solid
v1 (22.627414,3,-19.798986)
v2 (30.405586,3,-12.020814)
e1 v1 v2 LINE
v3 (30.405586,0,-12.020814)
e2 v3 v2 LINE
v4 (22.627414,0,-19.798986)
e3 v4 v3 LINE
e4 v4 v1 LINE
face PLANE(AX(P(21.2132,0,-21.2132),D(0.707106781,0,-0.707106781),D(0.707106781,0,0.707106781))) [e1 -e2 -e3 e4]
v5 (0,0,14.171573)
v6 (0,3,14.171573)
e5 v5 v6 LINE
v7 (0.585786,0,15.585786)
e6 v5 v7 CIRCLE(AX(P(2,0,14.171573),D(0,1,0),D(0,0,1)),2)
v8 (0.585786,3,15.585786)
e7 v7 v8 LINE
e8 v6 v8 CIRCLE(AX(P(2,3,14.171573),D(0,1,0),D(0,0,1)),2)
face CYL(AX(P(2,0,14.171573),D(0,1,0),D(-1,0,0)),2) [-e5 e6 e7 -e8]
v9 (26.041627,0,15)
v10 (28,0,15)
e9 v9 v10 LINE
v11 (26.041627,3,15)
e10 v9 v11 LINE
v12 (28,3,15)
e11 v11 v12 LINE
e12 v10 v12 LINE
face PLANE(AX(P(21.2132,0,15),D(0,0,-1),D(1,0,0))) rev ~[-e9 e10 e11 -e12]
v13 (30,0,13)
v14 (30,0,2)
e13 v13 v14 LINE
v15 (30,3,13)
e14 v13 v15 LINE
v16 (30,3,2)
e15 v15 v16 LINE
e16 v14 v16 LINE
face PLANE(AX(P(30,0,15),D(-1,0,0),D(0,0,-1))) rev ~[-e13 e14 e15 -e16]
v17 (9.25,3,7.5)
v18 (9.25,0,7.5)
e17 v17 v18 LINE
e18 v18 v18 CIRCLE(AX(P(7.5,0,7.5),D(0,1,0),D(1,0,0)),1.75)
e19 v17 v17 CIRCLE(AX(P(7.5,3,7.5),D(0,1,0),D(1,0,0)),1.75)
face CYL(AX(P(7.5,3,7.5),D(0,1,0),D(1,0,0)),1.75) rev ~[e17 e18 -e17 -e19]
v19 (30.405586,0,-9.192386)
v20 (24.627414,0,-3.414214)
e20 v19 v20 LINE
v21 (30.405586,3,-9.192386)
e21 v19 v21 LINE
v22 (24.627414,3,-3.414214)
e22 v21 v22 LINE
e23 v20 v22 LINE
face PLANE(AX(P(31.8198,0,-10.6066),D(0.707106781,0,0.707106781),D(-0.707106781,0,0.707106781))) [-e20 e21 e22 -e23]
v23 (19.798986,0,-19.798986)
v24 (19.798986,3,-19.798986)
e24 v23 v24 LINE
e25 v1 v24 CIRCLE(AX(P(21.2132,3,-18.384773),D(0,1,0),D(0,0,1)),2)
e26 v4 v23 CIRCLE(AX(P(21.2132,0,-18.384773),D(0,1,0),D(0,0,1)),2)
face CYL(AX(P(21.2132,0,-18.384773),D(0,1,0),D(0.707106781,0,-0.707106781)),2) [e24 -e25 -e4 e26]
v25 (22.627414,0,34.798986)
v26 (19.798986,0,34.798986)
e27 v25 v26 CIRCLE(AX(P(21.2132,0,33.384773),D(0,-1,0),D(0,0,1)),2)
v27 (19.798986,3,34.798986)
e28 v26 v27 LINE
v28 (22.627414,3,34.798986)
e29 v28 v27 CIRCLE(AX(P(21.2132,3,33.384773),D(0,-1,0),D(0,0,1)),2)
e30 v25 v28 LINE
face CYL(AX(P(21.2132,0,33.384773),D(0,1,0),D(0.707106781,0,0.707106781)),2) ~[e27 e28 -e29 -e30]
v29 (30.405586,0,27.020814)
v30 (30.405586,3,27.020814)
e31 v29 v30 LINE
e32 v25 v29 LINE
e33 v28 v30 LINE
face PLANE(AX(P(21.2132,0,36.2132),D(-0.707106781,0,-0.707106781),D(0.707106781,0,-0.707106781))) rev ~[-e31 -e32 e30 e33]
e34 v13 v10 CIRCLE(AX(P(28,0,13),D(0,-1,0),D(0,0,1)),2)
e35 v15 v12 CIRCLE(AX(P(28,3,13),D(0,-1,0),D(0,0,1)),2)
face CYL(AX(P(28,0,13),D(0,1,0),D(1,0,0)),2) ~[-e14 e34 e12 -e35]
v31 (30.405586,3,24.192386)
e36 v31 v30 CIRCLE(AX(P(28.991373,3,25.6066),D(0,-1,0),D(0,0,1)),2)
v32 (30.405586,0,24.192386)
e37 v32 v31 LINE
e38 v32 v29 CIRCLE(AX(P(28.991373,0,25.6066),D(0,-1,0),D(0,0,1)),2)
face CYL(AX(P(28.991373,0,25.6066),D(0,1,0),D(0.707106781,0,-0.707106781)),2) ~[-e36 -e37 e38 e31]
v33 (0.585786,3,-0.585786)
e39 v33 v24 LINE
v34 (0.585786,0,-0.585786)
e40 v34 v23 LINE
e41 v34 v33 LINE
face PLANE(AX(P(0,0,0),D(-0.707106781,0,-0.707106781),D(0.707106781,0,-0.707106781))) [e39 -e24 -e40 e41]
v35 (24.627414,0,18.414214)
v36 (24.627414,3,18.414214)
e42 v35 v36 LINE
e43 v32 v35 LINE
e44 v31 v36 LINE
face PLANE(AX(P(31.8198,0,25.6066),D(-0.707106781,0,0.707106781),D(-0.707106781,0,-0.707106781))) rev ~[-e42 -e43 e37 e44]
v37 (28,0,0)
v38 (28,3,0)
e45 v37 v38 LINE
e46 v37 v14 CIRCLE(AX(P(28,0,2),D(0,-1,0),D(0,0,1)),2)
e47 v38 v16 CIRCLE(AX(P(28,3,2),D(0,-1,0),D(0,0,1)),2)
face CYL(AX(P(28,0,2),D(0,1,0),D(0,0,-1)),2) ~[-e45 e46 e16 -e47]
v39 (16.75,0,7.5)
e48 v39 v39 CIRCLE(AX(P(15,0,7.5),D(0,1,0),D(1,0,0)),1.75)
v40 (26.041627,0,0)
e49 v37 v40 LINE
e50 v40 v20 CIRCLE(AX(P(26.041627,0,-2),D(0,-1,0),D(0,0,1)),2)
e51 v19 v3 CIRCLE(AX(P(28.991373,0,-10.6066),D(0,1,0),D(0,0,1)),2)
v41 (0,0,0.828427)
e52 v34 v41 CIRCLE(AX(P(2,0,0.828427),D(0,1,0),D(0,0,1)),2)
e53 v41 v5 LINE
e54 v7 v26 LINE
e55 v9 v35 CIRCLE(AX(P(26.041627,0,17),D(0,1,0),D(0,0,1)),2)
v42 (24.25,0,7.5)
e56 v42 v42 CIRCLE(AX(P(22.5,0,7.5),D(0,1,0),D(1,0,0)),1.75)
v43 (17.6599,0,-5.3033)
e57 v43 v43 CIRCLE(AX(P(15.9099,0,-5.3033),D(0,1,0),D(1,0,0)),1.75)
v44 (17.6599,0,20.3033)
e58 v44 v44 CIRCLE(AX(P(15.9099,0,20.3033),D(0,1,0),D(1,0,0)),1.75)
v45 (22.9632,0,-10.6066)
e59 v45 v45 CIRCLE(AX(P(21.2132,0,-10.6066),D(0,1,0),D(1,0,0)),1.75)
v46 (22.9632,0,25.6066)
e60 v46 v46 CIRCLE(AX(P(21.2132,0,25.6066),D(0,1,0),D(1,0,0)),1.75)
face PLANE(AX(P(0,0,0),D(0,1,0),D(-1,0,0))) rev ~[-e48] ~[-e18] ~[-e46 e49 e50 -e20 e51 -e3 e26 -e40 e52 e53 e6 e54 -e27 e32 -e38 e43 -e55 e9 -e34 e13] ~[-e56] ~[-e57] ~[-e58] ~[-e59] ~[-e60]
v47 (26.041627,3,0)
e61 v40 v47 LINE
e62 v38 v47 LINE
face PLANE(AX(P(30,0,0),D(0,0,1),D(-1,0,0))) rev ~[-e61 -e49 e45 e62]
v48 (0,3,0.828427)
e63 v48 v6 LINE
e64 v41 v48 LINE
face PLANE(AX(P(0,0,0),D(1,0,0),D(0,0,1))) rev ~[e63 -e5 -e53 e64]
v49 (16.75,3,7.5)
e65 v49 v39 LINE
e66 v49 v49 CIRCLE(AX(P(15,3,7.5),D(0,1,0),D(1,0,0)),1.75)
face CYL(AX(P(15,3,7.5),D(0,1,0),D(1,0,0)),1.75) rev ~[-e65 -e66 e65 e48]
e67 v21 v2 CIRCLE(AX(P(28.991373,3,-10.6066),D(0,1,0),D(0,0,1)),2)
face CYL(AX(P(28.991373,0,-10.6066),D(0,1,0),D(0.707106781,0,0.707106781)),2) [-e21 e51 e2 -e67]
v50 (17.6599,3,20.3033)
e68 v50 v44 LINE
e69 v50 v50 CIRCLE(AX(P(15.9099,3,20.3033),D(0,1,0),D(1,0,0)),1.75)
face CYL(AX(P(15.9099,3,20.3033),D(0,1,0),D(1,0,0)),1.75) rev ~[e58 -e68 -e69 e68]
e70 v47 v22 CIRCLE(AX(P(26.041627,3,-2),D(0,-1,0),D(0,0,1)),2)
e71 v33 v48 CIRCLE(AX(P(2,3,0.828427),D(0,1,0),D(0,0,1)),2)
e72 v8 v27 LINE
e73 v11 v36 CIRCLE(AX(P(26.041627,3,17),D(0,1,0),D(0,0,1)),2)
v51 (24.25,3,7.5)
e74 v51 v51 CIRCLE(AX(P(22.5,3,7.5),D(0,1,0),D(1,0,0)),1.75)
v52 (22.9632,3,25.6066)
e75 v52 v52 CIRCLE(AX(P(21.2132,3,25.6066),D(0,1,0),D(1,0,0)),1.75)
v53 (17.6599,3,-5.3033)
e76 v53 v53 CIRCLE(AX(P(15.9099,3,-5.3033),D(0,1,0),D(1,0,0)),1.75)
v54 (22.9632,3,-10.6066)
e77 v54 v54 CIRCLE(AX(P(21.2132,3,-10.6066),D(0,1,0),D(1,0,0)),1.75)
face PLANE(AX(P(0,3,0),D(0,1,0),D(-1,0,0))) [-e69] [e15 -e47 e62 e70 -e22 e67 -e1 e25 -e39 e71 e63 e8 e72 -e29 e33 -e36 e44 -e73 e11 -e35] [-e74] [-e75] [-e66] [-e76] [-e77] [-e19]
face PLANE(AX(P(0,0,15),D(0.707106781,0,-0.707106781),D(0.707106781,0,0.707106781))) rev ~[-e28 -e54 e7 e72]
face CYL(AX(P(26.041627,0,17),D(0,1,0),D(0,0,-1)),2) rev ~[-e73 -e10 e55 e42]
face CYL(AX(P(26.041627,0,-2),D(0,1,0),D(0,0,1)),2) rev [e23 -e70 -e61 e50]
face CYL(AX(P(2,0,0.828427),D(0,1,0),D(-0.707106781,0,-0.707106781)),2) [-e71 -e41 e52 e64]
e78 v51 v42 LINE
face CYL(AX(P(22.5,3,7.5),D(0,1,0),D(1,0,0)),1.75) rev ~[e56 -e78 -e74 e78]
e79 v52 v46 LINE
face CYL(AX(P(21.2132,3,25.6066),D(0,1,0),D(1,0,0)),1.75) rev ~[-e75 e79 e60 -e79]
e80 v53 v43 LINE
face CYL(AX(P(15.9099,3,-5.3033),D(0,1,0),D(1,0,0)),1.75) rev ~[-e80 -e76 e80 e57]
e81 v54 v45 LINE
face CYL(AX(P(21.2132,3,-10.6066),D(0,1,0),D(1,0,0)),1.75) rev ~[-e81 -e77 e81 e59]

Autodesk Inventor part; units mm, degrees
ref_plane "YZ Plane" through (0, 0, 0) normal (1, 0, 0) x (0, 1, 0)
ref_plane "XZ Plane" through (0, 0, 0) normal (0, 1, 0) x (-1, 0, 0)
ref_plane "XY Plane" through (0, 0, 0) normal (0, 0, 1) x (1, 0, 0)
sketch "Sketch1" plane through (0, 0, 0) normal (0, 1, 0) x (-1, 0, 0)
  line L0 (0, 0) -> (0, 15)
  line L1 (0, 15) -> (-30, 15)
  line L2 (-30, 15) -> (-30, 0)
  line L3 (-30, 0) -> (0, 0)
  line L4 (0, 0) -> (-21.2132, -21.2132)
  line L5 (0, 0) -> (30, 0) construction
  line L6 (-21.2132, -21.2132) -> (-31.8198, -10.6066)
  line L7 (-31.8198, -10.6066) -> (-21.2132, 0)
  line L8 (0, 15) -> (-21.2132, 36.2132)
  line L9 (0, 15) -> (30, 15) construction
  line L10 (-21.2132, 36.2132) -> (-31.8198, 25.6066)
  line L11 (-31.8198, 25.6066) -> (-21.2132, 15)
  dimension "d0" = 15
  dimension "d1" = 30
  dimension "d2" = 30
  dimension "d3" = 135
  dimension "d4" = 15
  dimension "d5" = 30
  dimension "d6" = 135
extrude "Extrusion1" add sketch "Sketch1" along normal blind 3
sketch "Sketch2" plane through (0, 3, 0) normal (0, 1, 0) x (1, 0, 0)
  circle A0 centre (21.2132, -25.6066) radius 1.75
  circle A1 centre (15.9099, -20.3033) radius 1.75
  circle A2 centre (15, -7.5) radius 1.75
  circle A3 centre (21.2132, 10.6066) radius 1.75
  circle A4 centre (15.9099, 5.3033) radius 1.75
  circle A5 centre (7.5, -7.5) radius 1.75
  circle A6 centre (22.5, -7.5) radius 1.75
  line L0 (31.8198, -25.6066) -> (21.2132, -15) projected
  line L1 (30, 0) -> (21.2132, 0) projected
  line L2 (21.2132, 0) -> (31.8198, 10.6066) projected
  line L3 (21.2132, -36.2132) -> (31.8198, -25.6066) projected
  line L4 (30, -15) -> (30, 0) projected
  line L5 (0, 0) -> (0, -15) projected
  line L6 (31.8198, 10.6066) -> (21.2132, 21.2132) projected
  dimension "d9" = 3.5
  dimension "d10" = 3.5
  dimension "d11" = 3.5
  dimension "d12" = 3.5
  dimension "d13" = 3.5
  dimension "d14" = 3.5
  dimension "d15" = 3.5
  dimension "d16" = 7.5
  dimension "d18" = 7.5
  dimension "d19" = 7.5
  dimension "d20" = 7.5
  dimension "d21" = 7.5
  dimension "d22" = 7.5
  dimension "d23" = 7.5
  dimension "d24" = 7.5
  dimension "d26" = 15
  dimension "d27" = 7.5
  dimension "d28" = 15
  dimension "d29" = 7.5
  dimension "d30" = 15
  dimension "d31" = 7.5
extrude "Extrusion2" cut sketch "Sketch2" against normal through all
fillet "Fillet1" radius 2 10 edges at (21.2132, 1.5, -21.2132) (31.8198, 1.5, -10.6066) (21.2132, 1.5, 0) (30, 1.5, 0) (30, 1.5, 15) (21.2132, 1.5, 15) (31.8198, 1.5, 25.6066) (21.2132, 1.5, 36.2132) (0, 1.5, 15) (0, 1.5, 0)
equation "\"d16\" = a"
equation "\"d18\" = a"
equation "\"d19\" = a"
equation "\"d20\" = a"
equation "\"d21\" = a"
equation "\"d22\" = a"
equation "\"d23\" = a"
equation "\"d24\" = a"
equation "\"d27\" = a"
equation "\"d29\" = a"
equation "\"d31\" = a"
equation "\"a\" = 7.5"
properties part number "45 degree angle bracket"
